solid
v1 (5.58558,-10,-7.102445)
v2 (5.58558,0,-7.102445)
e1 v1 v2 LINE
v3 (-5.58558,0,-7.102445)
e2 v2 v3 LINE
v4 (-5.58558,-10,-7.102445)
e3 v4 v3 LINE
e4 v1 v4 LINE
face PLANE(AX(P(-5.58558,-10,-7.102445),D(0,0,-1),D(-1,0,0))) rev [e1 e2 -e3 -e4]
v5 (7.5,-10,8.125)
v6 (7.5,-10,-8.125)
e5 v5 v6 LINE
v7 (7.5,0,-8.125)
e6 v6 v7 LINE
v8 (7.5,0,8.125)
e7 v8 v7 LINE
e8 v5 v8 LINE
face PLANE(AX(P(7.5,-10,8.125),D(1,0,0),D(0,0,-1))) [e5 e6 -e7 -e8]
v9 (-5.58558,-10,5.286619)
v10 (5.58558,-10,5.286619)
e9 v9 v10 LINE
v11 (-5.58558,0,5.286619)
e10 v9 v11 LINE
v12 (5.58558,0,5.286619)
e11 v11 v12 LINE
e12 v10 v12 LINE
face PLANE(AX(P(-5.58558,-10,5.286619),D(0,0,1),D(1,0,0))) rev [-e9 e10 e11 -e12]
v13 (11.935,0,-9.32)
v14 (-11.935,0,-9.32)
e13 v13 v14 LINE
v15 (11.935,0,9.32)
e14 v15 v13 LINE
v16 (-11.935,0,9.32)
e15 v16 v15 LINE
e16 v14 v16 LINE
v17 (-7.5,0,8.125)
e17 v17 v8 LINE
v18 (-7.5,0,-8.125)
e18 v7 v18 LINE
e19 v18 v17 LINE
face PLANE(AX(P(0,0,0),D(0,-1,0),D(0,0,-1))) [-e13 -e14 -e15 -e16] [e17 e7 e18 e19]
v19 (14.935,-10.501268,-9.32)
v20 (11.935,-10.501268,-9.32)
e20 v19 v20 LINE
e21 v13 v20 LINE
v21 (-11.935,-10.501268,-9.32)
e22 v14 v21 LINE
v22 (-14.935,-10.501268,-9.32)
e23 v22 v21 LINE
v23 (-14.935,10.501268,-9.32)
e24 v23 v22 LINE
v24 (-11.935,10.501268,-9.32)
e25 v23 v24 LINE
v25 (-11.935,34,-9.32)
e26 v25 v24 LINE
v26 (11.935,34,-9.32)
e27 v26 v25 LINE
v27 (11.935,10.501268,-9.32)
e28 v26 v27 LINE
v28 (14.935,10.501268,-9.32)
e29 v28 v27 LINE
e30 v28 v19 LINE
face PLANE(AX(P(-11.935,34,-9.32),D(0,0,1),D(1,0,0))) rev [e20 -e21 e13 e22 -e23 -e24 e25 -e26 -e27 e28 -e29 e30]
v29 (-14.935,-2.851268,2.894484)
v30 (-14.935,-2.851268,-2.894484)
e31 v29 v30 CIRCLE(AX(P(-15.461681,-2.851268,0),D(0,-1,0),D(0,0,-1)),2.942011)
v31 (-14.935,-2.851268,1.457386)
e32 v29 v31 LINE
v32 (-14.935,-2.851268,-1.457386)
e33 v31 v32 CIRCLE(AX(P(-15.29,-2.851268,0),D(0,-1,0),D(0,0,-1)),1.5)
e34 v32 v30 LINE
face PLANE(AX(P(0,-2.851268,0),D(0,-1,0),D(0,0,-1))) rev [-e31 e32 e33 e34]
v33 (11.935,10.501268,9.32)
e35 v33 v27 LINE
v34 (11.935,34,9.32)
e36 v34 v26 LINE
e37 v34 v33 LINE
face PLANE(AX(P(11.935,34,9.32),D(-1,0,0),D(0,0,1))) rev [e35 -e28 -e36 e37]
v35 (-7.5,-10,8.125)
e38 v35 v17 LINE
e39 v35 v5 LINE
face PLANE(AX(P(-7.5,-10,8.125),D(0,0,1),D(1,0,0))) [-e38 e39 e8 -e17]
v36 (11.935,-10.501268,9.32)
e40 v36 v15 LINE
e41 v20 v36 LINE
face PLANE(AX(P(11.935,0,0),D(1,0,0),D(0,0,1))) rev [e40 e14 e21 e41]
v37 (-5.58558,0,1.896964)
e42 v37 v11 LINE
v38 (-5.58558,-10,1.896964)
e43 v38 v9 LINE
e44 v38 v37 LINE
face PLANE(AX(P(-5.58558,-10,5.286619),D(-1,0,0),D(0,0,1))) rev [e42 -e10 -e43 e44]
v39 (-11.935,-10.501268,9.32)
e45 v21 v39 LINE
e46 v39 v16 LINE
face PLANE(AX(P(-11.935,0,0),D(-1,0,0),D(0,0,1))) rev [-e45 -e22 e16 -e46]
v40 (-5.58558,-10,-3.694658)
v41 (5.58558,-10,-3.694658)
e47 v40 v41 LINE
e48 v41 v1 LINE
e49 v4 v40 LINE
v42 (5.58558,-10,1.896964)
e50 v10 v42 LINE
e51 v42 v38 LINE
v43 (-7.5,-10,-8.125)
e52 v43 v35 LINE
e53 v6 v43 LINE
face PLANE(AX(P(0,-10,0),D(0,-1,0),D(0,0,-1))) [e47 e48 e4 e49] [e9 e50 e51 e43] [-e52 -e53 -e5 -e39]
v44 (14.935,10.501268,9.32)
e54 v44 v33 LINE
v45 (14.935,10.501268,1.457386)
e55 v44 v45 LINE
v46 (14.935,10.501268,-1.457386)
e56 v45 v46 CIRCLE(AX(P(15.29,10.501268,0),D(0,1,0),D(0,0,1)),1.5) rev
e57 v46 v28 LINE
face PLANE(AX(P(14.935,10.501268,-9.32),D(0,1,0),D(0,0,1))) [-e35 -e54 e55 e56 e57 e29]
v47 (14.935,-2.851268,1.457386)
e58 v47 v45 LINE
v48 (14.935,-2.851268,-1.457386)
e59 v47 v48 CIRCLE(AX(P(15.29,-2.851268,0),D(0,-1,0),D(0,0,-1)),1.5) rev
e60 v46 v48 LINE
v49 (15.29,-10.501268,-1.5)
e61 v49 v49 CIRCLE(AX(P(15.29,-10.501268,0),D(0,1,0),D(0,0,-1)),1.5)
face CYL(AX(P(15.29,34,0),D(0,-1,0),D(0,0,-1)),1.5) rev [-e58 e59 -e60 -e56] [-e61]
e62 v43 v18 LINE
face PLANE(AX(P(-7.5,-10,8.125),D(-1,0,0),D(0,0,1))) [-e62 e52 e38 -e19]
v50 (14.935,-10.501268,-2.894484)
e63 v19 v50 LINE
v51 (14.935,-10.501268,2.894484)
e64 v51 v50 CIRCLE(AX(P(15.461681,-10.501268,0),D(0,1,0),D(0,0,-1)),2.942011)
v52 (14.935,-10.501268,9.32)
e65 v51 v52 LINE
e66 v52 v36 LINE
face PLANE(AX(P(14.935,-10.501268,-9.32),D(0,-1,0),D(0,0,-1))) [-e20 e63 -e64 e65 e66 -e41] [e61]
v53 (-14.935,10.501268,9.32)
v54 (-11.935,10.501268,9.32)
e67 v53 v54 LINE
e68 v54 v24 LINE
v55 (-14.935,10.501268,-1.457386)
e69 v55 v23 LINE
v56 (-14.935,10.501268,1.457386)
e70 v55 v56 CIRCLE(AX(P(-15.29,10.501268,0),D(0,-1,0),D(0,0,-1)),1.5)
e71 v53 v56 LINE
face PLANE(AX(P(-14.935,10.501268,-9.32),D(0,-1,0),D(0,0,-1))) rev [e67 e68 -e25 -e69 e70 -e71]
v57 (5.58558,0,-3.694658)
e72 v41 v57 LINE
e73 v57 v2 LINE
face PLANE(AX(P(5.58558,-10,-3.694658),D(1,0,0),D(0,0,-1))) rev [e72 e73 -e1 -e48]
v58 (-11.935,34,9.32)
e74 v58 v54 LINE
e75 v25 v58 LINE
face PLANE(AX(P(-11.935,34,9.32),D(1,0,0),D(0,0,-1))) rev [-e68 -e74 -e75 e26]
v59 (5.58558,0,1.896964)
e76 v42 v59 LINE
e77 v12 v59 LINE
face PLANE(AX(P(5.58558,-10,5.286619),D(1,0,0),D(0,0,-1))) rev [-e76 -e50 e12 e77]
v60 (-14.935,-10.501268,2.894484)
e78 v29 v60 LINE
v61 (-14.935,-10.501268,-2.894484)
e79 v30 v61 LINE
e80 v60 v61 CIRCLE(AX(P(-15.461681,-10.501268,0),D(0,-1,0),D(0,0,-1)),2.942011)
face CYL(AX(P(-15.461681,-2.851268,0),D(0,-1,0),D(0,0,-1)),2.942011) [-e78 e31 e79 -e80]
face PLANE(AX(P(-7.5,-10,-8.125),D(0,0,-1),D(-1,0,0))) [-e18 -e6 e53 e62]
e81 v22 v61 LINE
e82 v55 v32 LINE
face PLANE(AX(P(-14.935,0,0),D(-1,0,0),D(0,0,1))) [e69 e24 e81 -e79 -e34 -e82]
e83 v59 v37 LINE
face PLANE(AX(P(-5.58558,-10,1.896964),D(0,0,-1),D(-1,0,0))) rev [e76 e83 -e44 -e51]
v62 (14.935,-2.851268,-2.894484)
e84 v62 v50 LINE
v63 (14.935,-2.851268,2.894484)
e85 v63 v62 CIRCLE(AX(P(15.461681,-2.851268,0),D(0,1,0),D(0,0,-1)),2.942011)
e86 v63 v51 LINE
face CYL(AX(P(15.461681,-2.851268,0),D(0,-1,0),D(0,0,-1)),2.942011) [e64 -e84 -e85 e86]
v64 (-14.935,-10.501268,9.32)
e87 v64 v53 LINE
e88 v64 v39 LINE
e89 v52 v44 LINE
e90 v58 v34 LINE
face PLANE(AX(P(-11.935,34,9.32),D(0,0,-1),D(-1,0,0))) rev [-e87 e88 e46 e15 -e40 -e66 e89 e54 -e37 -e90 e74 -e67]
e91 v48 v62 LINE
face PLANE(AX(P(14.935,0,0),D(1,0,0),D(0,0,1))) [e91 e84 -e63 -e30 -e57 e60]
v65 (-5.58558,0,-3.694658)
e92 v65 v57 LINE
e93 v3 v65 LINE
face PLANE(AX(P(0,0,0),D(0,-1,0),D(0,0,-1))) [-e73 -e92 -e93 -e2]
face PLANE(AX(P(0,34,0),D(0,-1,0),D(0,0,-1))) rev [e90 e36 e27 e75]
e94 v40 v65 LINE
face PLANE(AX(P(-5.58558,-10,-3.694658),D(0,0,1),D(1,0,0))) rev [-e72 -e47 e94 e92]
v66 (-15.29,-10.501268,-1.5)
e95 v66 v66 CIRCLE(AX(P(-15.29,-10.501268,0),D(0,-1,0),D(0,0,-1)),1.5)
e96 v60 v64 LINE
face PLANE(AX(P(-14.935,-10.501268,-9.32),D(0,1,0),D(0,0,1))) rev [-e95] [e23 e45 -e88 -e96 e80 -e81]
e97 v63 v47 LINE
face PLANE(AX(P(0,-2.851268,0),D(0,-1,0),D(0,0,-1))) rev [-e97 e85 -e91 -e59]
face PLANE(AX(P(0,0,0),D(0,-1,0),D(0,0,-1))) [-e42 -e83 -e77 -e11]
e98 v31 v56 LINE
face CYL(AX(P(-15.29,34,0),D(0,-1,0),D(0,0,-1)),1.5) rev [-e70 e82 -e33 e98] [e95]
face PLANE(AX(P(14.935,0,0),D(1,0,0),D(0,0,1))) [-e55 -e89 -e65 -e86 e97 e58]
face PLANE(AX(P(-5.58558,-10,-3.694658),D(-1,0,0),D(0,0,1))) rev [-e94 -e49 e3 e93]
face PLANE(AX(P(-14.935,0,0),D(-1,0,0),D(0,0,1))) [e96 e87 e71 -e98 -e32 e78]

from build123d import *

# Parameters (mm, degrees)
SKETCH1_W           = 15
SKETCH1_H           = 16.25
BOSS_EXTRUDE1_DEPTH = 10
SKETCH2_W           = 11.171160898
SKETCH2_H           = 3.40778749
SKETCH2_H_2         = 3.38965483
CUT_EXTRUDE1_DEPTH  = 10
SKETCH3_W           = 23.87
SKETCH3_H           = 18.64
BOSS_EXTRUDE2_DEPTH = 34
SKETCH4_W           = 18.64
SKETCH4_H           = 21.002535876
BOSS_EXTRUDE3_DEPTH = 3
SKETCH5_R           = 2.94201074
BOSS_EXTRUDE4_DEPTH = 7.65
SKETCH6_R           = 1.5
CUT_EXTRUDE2_DEPTH  = 49.595866638


with BuildPart() as part:
    # Sketch1 → Boss-Extrude1 (new body)
    with BuildSketch(Plane(origin=(0, 0, 0), x_dir=(1, 0, 0), z_dir=(0, 1, 0))):
        Rectangle(SKETCH1_W, SKETCH1_H)
    extrude(amount=-BOSS_EXTRUDE1_DEPTH)

    # Sketch2 → Cut-Extrude1 (cut)
    with BuildSketch(Plane(origin=(0, 0, 0), x_dir=(1, 0, 0), z_dir=(0, 1, 0))):
        with Locations((0, 5.398551248)):
            Rectangle(SKETCH2_W, SKETCH2_H)
        with Locations((0, -3.591791831)):
            Rectangle(SKETCH2_W, SKETCH2_H_2)
    extrude(amount=-CUT_EXTRUDE1_DEPTH, mode=Mode.SUBTRACT)

    # Sketch3 → Boss-Extrude2 (add)
    with BuildSketch(Plane(origin=(0, 0, 0), x_dir=(1, 0, 0), z_dir=(0, 1, 0))):
        Rectangle(SKETCH3_W, SKETCH3_H)
    extrude(amount=BOSS_EXTRUDE2_DEPTH)

    # Sketch4 → Boss-Extrude3 (add)
    with BuildSketch(Plane.ZY.offset(11.935)):
        Rectangle(SKETCH4_W, SKETCH4_H)
    boss_extrude3 = extrude(amount=BOSS_EXTRUDE3_DEPTH)

    # Sketch5 → Boss-Extrude4 (add)
    with BuildSketch(Plane(origin=(0, -10.501267938, 0), x_dir=(-1, 0, 0), z_dir=(0, -1, 0))):
        with Locations((15.461680584, 0)):
            Circle(SKETCH5_R)
    boss_extrude4 = extrude(amount=-BOSS_EXTRUDE4_DEPTH)

    # Mirror1: Boss-Extrude3, Boss-Extrude4 across plane
    add(boss_extrude3.mirror(Plane(origin=(0, 0, 0), x_dir=(0, 0, 1), z_dir=(1, 0, 0))))
    add(boss_extrude4.mirror(Plane(origin=(0, 0, 0), x_dir=(0, 0, 1), z_dir=(1, 0, 0))))

    # Sketch6 → Cut-Extrude2 (cut, symmetric)
    with BuildSketch(Plane(origin=(0, -10, 0), x_dir=(-1, 0, 0), z_dir=(0, -1, 0))):
        with Locations(Location((15.29, 0, 0), (0, 0, 90))):
            Circle(SKETCH6_R)
    cut_extrude2 = extrude(amount=CUT_EXTRUDE2_DEPTH, both=True, mode=Mode.SUBTRACT)

    # Mirror2: Cut-Extrude2 across plane
    add(cut_extrude2.mirror(Plane(origin=(0, 0, 0), x_dir=(0, 0, 1), z_dir=(1, 0, 0))), mode=Mode.SUBTRACT)


solid = part.part
